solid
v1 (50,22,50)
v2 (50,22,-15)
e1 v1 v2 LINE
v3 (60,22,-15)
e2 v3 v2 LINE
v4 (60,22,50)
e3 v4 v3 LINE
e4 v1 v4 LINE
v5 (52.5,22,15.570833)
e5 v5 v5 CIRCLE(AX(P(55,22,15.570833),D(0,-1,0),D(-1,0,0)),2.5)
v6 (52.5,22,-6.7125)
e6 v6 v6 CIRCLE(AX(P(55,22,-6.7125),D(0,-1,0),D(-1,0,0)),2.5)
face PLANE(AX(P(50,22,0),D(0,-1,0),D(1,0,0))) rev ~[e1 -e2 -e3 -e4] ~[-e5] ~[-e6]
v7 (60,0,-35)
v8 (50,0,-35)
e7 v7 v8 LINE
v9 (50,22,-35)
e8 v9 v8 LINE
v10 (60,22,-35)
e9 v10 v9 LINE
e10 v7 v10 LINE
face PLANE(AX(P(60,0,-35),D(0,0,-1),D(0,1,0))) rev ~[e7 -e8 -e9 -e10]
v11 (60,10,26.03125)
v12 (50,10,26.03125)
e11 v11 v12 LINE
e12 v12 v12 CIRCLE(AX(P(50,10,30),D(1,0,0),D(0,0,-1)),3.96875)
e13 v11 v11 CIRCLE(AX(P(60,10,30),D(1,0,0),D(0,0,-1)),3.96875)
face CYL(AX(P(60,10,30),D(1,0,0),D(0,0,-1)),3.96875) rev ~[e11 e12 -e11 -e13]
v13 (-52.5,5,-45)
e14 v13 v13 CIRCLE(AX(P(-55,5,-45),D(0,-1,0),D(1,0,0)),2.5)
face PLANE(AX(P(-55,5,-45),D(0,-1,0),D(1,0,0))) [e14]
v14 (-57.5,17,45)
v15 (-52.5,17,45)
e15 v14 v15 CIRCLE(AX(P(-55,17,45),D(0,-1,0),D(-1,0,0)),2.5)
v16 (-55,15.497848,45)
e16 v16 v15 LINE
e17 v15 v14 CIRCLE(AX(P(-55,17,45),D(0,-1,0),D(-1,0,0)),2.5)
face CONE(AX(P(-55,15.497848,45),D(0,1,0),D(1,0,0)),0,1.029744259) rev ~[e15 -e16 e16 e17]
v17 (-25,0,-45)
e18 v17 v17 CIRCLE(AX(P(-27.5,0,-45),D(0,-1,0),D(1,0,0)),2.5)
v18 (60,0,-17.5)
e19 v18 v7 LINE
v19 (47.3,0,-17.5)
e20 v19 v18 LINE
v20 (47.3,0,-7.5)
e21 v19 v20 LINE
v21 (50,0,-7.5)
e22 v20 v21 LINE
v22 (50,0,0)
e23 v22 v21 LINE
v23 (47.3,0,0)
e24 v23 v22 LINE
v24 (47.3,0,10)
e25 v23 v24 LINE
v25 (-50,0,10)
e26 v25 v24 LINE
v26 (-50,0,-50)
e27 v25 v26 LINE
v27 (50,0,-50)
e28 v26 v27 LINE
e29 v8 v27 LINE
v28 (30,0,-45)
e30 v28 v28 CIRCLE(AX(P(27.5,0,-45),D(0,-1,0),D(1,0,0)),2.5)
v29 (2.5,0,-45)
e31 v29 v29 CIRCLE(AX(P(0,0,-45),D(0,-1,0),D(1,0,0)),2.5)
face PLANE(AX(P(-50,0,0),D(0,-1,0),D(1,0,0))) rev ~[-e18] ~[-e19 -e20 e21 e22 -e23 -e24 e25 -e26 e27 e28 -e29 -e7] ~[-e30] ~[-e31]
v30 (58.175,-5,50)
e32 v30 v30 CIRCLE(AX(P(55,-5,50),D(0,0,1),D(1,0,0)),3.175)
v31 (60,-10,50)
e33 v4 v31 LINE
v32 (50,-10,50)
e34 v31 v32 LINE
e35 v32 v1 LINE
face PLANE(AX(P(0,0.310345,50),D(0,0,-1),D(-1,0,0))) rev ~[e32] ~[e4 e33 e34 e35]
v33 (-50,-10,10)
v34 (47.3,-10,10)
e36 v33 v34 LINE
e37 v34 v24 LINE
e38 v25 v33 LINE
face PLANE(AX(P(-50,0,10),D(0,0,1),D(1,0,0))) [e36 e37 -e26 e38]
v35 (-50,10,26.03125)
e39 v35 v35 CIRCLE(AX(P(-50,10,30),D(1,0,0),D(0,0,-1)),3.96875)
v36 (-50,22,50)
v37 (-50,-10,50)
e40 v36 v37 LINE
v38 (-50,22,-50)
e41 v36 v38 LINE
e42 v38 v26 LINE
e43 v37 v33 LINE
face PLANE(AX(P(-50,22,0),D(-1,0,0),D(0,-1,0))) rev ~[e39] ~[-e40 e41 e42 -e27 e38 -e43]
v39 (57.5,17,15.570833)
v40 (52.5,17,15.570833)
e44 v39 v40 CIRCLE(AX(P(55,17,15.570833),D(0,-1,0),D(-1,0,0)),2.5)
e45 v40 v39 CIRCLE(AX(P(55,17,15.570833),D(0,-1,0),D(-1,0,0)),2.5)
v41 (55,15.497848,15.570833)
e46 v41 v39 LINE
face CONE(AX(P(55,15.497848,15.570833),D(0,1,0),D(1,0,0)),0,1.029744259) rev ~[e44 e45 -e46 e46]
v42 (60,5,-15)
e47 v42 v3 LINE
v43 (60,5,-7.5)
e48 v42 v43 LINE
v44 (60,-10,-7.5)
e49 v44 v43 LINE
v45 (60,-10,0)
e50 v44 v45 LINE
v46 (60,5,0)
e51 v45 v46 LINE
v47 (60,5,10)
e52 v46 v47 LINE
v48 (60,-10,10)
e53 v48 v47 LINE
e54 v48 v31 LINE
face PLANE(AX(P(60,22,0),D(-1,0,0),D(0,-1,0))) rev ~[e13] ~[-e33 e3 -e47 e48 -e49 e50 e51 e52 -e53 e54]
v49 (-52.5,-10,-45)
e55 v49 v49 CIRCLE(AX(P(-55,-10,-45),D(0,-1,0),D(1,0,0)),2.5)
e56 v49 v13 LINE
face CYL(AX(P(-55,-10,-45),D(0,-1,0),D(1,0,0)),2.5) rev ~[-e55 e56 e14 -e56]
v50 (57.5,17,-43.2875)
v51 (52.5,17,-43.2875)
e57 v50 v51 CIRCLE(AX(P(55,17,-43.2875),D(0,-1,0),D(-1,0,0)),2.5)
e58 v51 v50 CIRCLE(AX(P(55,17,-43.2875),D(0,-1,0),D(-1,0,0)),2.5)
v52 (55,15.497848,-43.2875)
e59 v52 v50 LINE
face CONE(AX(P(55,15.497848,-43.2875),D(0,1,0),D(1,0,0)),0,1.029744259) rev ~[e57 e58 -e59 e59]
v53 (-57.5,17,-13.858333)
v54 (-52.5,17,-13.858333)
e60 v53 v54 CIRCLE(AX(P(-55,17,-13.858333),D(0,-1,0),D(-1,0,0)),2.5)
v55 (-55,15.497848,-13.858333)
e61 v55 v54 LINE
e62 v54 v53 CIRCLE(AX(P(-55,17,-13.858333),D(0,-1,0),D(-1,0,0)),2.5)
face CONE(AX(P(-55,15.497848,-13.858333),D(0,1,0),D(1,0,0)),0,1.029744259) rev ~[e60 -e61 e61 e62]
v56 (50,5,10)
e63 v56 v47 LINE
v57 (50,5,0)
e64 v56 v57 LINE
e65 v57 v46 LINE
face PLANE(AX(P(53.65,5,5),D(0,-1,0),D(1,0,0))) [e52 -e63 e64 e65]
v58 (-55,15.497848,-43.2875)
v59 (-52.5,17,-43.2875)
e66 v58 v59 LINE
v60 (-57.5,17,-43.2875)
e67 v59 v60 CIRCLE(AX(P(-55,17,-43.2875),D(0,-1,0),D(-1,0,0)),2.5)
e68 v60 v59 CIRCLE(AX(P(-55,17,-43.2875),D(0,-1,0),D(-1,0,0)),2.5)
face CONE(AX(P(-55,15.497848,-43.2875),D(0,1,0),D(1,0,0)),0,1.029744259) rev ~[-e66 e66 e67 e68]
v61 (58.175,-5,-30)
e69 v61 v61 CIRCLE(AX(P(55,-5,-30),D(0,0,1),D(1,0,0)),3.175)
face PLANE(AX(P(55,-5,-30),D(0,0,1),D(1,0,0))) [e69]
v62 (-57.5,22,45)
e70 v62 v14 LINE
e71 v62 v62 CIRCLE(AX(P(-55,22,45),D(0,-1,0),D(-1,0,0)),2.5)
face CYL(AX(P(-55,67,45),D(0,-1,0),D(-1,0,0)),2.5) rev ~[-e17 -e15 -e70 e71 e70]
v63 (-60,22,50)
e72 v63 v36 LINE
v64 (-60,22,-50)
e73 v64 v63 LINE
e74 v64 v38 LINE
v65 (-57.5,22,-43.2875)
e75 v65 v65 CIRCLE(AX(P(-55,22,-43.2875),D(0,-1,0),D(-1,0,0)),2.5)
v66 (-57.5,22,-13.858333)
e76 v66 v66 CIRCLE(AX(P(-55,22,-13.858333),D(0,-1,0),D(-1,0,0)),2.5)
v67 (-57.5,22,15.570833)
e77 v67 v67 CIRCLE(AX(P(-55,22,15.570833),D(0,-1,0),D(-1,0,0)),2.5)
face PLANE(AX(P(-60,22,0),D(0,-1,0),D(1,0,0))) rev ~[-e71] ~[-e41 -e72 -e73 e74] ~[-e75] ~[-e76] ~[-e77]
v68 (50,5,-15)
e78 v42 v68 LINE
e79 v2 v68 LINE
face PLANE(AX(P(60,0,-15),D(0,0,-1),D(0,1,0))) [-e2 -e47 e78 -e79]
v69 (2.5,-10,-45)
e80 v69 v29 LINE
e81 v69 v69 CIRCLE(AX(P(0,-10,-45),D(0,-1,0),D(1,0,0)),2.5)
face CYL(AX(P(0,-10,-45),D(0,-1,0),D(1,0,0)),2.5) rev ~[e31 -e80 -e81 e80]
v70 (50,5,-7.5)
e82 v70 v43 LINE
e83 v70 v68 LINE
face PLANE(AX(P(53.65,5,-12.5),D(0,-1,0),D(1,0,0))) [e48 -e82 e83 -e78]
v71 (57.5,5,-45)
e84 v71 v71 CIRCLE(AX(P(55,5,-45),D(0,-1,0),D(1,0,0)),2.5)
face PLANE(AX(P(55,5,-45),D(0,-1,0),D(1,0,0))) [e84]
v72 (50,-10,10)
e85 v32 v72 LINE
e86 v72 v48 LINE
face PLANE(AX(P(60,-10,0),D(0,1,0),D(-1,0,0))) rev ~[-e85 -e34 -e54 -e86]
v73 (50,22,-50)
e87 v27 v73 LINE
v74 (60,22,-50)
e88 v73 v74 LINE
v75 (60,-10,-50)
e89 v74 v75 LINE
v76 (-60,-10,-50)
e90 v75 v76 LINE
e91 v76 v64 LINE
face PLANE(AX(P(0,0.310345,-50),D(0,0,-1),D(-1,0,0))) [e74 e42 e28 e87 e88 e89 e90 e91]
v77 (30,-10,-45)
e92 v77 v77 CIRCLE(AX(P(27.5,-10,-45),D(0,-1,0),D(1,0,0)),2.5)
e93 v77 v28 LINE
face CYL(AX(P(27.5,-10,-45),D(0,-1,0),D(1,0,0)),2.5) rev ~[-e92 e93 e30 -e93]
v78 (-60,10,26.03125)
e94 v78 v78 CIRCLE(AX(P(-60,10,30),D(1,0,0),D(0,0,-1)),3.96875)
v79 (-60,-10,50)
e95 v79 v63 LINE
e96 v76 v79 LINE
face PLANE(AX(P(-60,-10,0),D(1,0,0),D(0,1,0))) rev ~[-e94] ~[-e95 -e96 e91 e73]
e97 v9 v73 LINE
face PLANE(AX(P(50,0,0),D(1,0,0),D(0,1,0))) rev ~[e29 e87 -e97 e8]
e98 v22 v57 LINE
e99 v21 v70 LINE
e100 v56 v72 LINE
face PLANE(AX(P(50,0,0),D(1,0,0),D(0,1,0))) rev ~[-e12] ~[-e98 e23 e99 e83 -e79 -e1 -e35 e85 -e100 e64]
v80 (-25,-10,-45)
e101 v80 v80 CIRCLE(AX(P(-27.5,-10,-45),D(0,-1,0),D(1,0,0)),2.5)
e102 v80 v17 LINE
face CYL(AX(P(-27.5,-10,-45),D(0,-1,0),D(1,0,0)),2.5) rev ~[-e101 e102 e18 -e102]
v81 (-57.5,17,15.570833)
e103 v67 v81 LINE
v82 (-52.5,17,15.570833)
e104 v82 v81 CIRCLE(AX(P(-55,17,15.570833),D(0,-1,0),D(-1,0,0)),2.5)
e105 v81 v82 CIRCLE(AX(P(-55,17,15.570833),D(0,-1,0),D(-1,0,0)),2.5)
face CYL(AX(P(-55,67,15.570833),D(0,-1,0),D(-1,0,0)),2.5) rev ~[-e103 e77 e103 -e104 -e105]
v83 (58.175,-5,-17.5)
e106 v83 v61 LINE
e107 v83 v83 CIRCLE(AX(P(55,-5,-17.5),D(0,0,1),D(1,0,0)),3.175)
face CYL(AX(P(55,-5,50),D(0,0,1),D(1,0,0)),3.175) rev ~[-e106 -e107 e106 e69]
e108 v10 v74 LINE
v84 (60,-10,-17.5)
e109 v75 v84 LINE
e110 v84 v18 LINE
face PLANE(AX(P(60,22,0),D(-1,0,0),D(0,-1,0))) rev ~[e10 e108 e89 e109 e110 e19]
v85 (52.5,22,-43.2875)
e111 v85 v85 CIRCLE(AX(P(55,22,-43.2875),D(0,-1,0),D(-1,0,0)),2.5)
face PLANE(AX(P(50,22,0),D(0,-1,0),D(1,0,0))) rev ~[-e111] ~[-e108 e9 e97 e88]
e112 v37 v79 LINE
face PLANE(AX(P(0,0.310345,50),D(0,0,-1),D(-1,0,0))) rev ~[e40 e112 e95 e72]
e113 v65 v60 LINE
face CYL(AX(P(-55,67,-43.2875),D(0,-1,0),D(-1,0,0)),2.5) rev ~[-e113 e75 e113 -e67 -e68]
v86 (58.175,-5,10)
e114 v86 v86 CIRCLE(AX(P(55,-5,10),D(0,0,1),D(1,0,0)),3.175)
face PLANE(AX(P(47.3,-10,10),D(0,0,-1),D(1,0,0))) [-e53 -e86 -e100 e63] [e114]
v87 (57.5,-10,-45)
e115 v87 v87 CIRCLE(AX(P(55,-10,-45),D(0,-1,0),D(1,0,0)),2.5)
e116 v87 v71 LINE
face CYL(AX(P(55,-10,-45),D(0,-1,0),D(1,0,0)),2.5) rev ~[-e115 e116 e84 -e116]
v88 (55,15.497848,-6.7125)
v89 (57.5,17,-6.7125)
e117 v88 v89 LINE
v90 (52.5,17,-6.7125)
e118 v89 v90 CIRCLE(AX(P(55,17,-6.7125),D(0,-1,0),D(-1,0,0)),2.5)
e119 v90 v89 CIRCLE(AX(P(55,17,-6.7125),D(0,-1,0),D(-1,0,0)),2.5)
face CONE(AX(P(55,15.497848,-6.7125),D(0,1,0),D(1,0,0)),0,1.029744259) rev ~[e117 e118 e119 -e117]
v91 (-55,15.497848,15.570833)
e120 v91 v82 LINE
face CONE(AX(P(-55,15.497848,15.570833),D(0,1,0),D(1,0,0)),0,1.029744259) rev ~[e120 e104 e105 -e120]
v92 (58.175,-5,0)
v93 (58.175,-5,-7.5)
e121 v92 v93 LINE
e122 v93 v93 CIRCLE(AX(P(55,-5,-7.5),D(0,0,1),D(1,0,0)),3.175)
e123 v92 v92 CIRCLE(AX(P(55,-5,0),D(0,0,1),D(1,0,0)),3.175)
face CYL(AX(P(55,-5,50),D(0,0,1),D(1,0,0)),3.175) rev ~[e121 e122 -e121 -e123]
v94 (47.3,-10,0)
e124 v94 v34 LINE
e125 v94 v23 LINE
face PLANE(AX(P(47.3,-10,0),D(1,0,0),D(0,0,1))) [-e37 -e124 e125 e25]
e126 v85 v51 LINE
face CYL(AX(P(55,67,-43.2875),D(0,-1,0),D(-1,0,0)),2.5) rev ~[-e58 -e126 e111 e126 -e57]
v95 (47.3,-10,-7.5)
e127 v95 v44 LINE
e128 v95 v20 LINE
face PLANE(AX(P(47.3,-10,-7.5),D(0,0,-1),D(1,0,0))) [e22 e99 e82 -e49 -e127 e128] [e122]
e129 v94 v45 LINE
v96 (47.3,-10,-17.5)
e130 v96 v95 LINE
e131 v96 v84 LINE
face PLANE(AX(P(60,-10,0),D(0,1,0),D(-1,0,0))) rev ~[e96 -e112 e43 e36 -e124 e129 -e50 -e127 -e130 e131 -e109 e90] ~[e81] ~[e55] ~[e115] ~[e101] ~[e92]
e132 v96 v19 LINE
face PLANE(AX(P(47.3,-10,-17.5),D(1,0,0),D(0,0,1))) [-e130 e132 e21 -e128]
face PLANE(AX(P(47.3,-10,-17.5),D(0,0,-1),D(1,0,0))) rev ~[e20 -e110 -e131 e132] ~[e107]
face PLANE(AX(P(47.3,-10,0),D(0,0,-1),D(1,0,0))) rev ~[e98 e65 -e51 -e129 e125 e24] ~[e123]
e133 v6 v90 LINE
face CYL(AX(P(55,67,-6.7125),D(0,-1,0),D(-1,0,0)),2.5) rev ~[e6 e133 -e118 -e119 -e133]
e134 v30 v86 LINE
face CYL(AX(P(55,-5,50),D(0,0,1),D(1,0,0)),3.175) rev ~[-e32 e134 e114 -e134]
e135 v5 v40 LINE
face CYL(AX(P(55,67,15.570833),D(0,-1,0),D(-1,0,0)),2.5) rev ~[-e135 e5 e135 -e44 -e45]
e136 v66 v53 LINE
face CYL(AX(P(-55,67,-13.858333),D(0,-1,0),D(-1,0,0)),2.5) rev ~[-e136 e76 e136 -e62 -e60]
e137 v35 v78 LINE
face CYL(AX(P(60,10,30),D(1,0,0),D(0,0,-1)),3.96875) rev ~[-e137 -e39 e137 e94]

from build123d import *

# Parameters (mm, degrees)
BOSS_EXTRUDE3_DEPTH       = 50
SKETCH7_W                 = 100
SKETCH7_H                 = 40
CUT_EXTRUDE1_DEPTH        = 11
SKETCH8_R                 = 3.96875
CUT_EXTRUDE2_DEPTH        = 121
CUT_EXTRUDE3_REACH        = 122
SKETCH9_W                 = 20
SKETCH9_H                 = 22
SKETCH10_R                = 3.175
CUT_EXTRUDE4_DEPTH        = 80
SKETCH11_W                = 12.7
SKETCH11_H                = 10
CUT_EXTRUDE5_DEPTH        = 15
F_5_0MM_DOWEL_HOLE1_D     = 5
F_5_0MM_DOWEL_HOLE1_DEPTH = 25
F_5_0MM_DOWEL_HOLE1_TIP   = 1.502151548
SKETCH15_R                = 2.5
CUT_EXTRUDE6_DEPTH        = 15


with BuildPart() as part:
    # Sketch6 → Boss-Extrude3 (new body, symmetric)
    with BuildSketch(Plane.XY):
        Polygon((-60, 22), (-50, 22), (-50, 0), (50, 0), (50, 22), (60, 22), (60, -10), (-60, -10), align=None)
    extrude(amount=BOSS_EXTRUDE3_DEPTH, both=True)

    # Sketch7 → Cut-Extrude1 (cut, through all)
    with BuildSketch(Plane(origin=(0, 0, 0), x_dir=(1, 0, 0), z_dir=(0, 1, 0))):
        with Locations((0, -30)):
            Rectangle(SKETCH7_W, SKETCH7_H)
    extrude(amount=-CUT_EXTRUDE1_DEPTH, mode=Mode.SUBTRACT)

    # Sketch8 → Cut-Extrude2 (cut, through all)
    with BuildSketch(Plane(origin=(60, 0, 0), x_dir=(0, 0, -1), z_dir=(1, 0, 0))):
        with Locations((-30, 10)):
            Circle(SKETCH8_R)
    extrude(amount=-CUT_EXTRUDE2_DEPTH, mode=Mode.SUBTRACT)

    # Sketch9 → Cut-Extrude3 (cut, up to next)
    with BuildSketch(Plane(origin=(60, 0, 0), x_dir=(0, 0, -1), z_dir=(1, 0, 0)), mode=Mode.PRIVATE) as cut_extrude3_sk1:
        with Locations((25, 11)):
            Rectangle(SKETCH9_W, SKETCH9_H)
    cut_extrude3_tool1 = extrude(cut_extrude3_sk1.sketch, amount=-CUT_EXTRUDE3_REACH, mode=Mode.PRIVATE) & part.part
    add(cut_extrude3_tool1.solids().sort_by_distance((60, 11, -25))[0], mode=Mode.SUBTRACT)

    # Sketch10 → Cut-Extrude4 (cut)
    with BuildSketch(Plane.XY.offset(50)):
        with Locations((55, -5)):
            Circle(SKETCH10_R)
    extrude(amount=-CUT_EXTRUDE4_DEPTH, mode=Mode.SUBTRACT)

    # Sketch11 → Cut-Extrude5 (cut)
    with BuildSketch(Plane.XZ.offset(10)):
        with Locations((53.65, 5)):
            Rectangle(SKETCH11_W, SKETCH11_H)
        with Locations((53.65, -12.5)):
            Rectangle(SKETCH11_W, SKETCH11_H)
    extrude(amount=-CUT_EXTRUDE5_DEPTH, mode=Mode.SUBTRACT)

    # Ø5.0mm Dowel Hole1
    with Locations(Plane(origin=(-676.293536786, 42.00000002, -1303.282701689), x_dir=(1, 0, 0), z_dir=(0, 1, 0))):
        with Locations((731.293536786, -1318.853535022), (621.293536786, -1318.853535022), (621.293536786, -1348.282701689), (621.293536786, -1259.995201689), (731.293536786, -1259.995201689), (731.293536786, -1296.570201689), (621.293536786, -1289.424368355), (748.990363778, -1262.26989625)):
            Hole(F_5_0MM_DOWEL_HOLE1_D / 2, depth=F_5_0MM_DOWEL_HOLE1_DEPTH)
            with Locations((0, 0, -(F_5_0MM_DOWEL_HOLE1_DEPTH + F_5_0MM_DOWEL_HOLE1_TIP / 2))):  # 118° drill point
                Cone(0, F_5_0MM_DOWEL_HOLE1_D / 2, F_5_0MM_DOWEL_HOLE1_TIP, mode=Mode.SUBTRACT)

    # Sketch15 → Cut-Extrude6 (cut)
    with BuildSketch(Plane.XZ.offset(10)):
        with Locations((-55, -45)):
            Circle(SKETCH15_R)
        with Locations((-27.5, -45)):
            Circle(SKETCH15_R)
        with Locations((0, -45)):
            Circle(SKETCH15_R)
        with Locations((27.5, -45)):
            Circle(SKETCH15_R)
        with Locations((55, -45)):
            Circle(SKETCH15_R)
    extrude(amount=-CUT_EXTRUDE6_DEPTH, mode=Mode.SUBTRACT)


solid = part.part
